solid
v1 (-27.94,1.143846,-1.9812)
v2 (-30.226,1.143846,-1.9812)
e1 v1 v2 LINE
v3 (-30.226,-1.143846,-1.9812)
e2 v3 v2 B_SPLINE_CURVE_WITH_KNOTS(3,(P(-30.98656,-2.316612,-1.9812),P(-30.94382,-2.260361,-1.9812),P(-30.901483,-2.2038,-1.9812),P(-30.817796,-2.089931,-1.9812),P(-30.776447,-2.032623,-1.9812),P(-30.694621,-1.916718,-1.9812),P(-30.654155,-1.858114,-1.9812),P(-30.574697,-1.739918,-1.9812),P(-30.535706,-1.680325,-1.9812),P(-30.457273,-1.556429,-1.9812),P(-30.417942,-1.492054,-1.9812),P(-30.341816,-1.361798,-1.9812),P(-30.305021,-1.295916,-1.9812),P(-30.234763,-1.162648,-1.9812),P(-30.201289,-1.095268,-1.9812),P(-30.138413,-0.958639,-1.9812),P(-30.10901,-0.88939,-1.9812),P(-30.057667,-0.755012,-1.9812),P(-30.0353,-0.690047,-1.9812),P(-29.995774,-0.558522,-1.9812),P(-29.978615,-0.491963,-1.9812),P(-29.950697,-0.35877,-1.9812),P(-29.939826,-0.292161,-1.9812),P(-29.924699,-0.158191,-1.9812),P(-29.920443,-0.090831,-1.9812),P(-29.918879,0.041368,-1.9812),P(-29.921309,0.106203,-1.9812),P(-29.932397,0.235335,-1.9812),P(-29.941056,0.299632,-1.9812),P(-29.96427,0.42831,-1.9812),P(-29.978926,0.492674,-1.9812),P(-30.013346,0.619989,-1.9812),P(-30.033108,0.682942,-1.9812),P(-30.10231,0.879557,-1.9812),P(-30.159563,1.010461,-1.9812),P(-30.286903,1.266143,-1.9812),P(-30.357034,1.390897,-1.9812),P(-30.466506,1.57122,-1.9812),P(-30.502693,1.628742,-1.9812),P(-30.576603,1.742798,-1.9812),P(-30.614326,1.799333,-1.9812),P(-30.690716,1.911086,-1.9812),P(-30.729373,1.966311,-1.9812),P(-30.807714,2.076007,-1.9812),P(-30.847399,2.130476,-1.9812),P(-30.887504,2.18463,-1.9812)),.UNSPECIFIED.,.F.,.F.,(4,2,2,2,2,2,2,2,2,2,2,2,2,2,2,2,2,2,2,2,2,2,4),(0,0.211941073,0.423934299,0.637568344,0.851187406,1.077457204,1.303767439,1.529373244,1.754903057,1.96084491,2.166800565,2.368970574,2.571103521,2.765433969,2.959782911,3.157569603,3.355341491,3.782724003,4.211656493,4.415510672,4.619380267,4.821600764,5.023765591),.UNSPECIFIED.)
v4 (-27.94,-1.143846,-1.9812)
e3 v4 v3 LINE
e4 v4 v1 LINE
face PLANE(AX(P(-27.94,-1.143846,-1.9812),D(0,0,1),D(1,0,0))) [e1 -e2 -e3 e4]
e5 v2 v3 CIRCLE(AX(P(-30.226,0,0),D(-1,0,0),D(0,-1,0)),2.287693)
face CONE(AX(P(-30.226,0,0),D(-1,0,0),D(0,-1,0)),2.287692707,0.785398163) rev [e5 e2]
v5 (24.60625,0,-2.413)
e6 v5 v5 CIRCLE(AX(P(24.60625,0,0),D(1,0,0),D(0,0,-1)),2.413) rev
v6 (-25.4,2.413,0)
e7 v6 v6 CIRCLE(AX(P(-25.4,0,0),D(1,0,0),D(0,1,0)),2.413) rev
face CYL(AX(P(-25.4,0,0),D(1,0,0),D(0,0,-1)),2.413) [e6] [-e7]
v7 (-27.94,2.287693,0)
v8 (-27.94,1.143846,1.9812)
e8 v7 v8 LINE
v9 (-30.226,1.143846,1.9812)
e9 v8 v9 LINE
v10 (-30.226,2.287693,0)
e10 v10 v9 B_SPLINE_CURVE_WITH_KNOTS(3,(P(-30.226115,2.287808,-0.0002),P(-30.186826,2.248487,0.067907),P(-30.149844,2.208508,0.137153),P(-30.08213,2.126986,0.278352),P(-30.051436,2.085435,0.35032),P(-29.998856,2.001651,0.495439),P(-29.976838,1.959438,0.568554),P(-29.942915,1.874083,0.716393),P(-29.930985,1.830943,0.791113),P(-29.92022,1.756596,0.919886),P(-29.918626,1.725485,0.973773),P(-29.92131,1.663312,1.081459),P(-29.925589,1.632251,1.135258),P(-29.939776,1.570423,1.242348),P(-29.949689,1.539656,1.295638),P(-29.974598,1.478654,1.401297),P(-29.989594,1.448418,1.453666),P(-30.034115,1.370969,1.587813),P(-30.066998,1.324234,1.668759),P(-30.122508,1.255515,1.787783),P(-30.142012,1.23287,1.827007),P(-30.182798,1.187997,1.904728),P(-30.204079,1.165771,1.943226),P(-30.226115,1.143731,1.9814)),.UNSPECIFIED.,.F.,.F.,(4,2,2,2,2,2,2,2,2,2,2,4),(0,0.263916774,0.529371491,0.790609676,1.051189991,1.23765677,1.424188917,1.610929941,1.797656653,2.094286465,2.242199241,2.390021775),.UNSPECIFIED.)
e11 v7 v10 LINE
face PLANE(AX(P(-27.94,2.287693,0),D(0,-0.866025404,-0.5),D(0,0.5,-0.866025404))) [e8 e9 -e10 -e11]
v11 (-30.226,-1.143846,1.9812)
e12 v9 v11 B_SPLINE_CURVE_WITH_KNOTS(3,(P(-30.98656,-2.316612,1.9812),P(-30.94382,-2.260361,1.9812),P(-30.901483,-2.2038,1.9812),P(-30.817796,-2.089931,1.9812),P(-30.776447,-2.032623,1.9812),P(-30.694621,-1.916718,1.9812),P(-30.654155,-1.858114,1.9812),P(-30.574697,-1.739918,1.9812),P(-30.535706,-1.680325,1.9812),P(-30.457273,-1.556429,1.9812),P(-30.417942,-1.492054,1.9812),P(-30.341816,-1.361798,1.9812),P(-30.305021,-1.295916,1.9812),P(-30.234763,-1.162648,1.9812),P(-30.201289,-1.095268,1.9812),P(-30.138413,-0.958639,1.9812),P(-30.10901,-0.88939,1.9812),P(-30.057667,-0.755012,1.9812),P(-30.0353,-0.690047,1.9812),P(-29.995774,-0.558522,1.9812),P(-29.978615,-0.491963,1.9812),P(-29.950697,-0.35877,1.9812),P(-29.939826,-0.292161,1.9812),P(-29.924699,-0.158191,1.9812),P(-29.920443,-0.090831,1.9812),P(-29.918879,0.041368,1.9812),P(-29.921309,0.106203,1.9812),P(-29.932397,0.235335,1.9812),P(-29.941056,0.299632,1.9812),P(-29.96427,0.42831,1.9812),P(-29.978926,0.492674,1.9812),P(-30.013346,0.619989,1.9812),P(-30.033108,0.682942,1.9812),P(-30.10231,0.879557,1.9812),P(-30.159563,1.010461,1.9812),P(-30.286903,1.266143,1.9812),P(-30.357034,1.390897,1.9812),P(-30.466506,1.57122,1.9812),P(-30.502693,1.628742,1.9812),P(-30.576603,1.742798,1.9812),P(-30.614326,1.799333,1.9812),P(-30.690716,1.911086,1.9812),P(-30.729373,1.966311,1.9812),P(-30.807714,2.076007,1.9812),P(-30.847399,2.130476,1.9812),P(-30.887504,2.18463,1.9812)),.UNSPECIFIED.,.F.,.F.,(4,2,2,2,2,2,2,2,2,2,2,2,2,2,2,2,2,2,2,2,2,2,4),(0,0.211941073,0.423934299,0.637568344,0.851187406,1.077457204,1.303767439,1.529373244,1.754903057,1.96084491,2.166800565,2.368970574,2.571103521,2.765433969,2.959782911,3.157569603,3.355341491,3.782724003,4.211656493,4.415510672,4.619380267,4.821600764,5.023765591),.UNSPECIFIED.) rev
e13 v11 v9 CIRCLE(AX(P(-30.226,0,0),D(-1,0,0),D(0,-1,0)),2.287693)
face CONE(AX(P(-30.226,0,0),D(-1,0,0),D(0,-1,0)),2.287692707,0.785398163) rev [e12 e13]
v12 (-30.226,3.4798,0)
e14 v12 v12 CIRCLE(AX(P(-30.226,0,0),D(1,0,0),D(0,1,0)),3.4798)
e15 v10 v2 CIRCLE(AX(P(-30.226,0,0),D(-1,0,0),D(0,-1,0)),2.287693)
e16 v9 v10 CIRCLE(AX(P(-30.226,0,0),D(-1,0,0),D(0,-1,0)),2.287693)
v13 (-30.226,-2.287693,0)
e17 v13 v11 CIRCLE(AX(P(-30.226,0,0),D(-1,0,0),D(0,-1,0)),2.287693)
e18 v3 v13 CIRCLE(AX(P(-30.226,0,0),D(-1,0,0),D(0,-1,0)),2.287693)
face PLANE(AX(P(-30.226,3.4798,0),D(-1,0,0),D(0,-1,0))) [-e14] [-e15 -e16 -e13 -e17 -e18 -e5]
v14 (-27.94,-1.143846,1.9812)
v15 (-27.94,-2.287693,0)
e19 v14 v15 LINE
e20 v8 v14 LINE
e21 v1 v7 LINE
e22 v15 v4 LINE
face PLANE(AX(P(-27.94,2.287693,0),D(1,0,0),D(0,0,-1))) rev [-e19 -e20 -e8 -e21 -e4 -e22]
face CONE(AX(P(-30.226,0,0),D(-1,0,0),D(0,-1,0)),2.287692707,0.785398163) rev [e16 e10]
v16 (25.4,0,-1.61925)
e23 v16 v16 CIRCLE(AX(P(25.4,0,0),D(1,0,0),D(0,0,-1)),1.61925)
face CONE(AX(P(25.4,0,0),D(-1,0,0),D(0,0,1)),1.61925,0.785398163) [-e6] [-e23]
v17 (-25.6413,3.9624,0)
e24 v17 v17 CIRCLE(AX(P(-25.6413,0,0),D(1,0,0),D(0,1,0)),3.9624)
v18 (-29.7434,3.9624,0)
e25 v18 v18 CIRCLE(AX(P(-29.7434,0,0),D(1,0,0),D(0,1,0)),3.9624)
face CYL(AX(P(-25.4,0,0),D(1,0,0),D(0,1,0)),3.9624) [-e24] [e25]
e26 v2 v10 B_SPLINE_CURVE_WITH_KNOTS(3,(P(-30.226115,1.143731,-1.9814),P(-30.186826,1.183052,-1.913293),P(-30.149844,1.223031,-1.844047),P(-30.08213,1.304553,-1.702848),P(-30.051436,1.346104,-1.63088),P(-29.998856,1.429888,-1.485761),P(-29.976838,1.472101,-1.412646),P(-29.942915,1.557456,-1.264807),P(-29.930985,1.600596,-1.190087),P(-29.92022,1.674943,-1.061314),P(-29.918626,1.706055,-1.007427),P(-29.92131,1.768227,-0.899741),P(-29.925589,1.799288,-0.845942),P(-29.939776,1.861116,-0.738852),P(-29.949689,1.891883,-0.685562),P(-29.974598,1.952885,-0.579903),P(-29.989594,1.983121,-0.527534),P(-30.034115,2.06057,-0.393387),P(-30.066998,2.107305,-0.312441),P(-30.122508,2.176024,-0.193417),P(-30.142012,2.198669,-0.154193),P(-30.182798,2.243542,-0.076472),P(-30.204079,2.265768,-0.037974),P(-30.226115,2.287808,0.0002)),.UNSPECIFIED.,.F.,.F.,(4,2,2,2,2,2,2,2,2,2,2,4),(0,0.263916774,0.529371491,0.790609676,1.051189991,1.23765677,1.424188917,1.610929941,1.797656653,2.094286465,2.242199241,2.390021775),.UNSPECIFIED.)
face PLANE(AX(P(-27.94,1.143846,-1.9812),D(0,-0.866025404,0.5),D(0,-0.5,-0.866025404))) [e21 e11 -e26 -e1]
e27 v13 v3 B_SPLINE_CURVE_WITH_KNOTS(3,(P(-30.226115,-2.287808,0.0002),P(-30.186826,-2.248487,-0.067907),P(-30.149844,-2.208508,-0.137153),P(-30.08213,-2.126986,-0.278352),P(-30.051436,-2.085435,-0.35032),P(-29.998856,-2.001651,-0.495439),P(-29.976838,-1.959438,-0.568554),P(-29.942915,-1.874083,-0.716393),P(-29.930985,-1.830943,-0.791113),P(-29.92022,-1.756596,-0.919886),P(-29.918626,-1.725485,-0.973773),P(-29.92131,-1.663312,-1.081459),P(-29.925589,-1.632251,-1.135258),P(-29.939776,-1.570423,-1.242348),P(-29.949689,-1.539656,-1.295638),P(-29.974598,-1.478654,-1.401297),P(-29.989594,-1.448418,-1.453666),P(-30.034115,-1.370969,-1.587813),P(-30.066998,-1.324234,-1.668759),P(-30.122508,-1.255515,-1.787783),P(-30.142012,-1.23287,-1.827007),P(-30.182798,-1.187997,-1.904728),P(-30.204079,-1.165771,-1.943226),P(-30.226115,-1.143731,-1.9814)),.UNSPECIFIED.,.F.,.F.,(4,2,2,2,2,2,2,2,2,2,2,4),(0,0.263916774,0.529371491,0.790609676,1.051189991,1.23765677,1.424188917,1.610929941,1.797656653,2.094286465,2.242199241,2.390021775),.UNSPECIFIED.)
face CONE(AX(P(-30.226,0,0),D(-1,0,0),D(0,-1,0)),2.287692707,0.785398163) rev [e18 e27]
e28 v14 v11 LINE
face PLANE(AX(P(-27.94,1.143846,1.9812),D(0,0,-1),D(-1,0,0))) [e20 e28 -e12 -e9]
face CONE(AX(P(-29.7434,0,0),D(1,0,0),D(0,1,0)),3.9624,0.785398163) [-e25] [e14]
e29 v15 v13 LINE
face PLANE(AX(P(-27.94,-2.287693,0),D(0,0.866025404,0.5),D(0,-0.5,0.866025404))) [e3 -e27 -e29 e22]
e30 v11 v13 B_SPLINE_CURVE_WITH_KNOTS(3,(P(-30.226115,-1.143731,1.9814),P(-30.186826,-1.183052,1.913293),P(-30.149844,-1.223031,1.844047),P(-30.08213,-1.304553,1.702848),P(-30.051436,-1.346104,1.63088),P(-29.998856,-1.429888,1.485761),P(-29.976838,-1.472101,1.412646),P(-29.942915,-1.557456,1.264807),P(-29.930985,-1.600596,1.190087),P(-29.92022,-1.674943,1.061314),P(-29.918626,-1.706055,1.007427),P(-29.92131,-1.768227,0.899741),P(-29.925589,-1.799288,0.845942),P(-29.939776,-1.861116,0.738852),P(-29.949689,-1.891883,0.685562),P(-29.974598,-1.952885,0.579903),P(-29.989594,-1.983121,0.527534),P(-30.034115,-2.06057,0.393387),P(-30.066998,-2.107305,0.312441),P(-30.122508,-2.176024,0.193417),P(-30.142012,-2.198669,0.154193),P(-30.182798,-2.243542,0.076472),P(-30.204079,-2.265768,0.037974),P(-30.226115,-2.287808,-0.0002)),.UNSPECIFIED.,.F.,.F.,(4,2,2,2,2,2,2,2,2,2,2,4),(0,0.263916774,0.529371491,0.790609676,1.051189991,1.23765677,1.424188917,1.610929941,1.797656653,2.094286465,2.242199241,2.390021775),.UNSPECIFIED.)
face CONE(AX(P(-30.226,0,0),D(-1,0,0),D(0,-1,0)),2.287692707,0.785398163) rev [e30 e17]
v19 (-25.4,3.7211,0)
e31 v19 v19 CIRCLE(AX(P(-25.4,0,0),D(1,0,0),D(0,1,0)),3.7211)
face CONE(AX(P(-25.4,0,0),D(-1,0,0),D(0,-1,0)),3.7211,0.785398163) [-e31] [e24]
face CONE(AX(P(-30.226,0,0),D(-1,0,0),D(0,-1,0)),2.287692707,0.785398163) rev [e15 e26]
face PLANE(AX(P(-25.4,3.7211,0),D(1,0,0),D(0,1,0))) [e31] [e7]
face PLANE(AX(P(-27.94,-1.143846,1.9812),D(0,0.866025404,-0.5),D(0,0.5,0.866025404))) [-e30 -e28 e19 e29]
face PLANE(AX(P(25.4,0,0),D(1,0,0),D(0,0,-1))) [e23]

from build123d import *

# Parameters (mm, degrees)
SKETCH2_R           = 2.413
BOSS_EXTRUDE1_DEPTH = 50.8
CHAMFER1_SIZE       = 0.79375
CUT_EXTRUDE1_DEPTH  = 2.286
SKETCH8_R           = 2.287692707
CUT_EXTRUDE2_DEPTH  = 0.9652
CUT_EXTRUDE2_DRAFT  = -45


with BuildPart() as part:
    # Sketch2 → Boss-Extrude1 (new body)
    with BuildSketch(Plane(origin=(25.4, 0, 0), x_dir=(0, 0, -1), z_dir=(1, 0, 0))):
        Circle(SKETCH2_R)
    extrude(amount=-BOSS_EXTRUDE1_DEPTH)

    # Chamfer1
    chamfer1_edges = [part.edges().sort_by_distance(p)[0] for p in [
        (25.4, 0, 2.413),
    ]]
    chamfer(chamfer1_edges, length=CHAMFER1_SIZE)

    # Sketch6 → Revolve1 (revolve)
    with BuildSketch(Plane.XY):
        Polygon((-29.7434, 3.9624), (-30.226, 3.4798), (-30.226, 0), (-25.4, 0), (-25.4, 3.7211), (-25.6413, 3.9624), align=None)
    revolve(axis=Axis((-25.4, 0, 0), (-1, 0, 0)))

    # Sketch4 → Cut-Extrude1 (cut)
    with BuildSketch(Plane(origin=(-30.226, 0, 0), x_dir=(0, 0, -1), z_dir=(1, 0, 0))):
        Polygon((0, 2.287692707), (-1.9812, 1.143846353), (-1.9812, -1.143846353), (0, -2.287692707), (1.9812, -1.143846353), (1.9812, 1.143846353), align=None)
    extrude(amount=CUT_EXTRUDE1_DEPTH, mode=Mode.SUBTRACT)


with BuildPart() as cut_extrude2_tool:
    # Sketch8 → Cut-Extrude2 (with draft: the straight prism first)
    with BuildSketch(Plane.ZY.offset(30.226)):
        Circle(SKETCH8_R)
    extrude(amount=-CUT_EXTRUDE2_DEPTH)
    # Cut-Extrude2: the draft: its side faces are tilted about the plane it starts from
    cut_extrude2_sides = [cut_extrude2_tool.faces().sort_by_distance(p)[0] for p in [
        (-29.7434, 0, -2.287692707),
    ]]
    draft(cut_extrude2_sides, Plane.ZY.offset(30.226), CUT_EXTRUDE2_DRAFT)


with BuildPart() as part_1:
    add(part.part)

    # Cut-Extrude2: cut by cut_extrude2_tool
    add(cut_extrude2_tool.part, mode=Mode.SUBTRACT)


solid = part_1.part
